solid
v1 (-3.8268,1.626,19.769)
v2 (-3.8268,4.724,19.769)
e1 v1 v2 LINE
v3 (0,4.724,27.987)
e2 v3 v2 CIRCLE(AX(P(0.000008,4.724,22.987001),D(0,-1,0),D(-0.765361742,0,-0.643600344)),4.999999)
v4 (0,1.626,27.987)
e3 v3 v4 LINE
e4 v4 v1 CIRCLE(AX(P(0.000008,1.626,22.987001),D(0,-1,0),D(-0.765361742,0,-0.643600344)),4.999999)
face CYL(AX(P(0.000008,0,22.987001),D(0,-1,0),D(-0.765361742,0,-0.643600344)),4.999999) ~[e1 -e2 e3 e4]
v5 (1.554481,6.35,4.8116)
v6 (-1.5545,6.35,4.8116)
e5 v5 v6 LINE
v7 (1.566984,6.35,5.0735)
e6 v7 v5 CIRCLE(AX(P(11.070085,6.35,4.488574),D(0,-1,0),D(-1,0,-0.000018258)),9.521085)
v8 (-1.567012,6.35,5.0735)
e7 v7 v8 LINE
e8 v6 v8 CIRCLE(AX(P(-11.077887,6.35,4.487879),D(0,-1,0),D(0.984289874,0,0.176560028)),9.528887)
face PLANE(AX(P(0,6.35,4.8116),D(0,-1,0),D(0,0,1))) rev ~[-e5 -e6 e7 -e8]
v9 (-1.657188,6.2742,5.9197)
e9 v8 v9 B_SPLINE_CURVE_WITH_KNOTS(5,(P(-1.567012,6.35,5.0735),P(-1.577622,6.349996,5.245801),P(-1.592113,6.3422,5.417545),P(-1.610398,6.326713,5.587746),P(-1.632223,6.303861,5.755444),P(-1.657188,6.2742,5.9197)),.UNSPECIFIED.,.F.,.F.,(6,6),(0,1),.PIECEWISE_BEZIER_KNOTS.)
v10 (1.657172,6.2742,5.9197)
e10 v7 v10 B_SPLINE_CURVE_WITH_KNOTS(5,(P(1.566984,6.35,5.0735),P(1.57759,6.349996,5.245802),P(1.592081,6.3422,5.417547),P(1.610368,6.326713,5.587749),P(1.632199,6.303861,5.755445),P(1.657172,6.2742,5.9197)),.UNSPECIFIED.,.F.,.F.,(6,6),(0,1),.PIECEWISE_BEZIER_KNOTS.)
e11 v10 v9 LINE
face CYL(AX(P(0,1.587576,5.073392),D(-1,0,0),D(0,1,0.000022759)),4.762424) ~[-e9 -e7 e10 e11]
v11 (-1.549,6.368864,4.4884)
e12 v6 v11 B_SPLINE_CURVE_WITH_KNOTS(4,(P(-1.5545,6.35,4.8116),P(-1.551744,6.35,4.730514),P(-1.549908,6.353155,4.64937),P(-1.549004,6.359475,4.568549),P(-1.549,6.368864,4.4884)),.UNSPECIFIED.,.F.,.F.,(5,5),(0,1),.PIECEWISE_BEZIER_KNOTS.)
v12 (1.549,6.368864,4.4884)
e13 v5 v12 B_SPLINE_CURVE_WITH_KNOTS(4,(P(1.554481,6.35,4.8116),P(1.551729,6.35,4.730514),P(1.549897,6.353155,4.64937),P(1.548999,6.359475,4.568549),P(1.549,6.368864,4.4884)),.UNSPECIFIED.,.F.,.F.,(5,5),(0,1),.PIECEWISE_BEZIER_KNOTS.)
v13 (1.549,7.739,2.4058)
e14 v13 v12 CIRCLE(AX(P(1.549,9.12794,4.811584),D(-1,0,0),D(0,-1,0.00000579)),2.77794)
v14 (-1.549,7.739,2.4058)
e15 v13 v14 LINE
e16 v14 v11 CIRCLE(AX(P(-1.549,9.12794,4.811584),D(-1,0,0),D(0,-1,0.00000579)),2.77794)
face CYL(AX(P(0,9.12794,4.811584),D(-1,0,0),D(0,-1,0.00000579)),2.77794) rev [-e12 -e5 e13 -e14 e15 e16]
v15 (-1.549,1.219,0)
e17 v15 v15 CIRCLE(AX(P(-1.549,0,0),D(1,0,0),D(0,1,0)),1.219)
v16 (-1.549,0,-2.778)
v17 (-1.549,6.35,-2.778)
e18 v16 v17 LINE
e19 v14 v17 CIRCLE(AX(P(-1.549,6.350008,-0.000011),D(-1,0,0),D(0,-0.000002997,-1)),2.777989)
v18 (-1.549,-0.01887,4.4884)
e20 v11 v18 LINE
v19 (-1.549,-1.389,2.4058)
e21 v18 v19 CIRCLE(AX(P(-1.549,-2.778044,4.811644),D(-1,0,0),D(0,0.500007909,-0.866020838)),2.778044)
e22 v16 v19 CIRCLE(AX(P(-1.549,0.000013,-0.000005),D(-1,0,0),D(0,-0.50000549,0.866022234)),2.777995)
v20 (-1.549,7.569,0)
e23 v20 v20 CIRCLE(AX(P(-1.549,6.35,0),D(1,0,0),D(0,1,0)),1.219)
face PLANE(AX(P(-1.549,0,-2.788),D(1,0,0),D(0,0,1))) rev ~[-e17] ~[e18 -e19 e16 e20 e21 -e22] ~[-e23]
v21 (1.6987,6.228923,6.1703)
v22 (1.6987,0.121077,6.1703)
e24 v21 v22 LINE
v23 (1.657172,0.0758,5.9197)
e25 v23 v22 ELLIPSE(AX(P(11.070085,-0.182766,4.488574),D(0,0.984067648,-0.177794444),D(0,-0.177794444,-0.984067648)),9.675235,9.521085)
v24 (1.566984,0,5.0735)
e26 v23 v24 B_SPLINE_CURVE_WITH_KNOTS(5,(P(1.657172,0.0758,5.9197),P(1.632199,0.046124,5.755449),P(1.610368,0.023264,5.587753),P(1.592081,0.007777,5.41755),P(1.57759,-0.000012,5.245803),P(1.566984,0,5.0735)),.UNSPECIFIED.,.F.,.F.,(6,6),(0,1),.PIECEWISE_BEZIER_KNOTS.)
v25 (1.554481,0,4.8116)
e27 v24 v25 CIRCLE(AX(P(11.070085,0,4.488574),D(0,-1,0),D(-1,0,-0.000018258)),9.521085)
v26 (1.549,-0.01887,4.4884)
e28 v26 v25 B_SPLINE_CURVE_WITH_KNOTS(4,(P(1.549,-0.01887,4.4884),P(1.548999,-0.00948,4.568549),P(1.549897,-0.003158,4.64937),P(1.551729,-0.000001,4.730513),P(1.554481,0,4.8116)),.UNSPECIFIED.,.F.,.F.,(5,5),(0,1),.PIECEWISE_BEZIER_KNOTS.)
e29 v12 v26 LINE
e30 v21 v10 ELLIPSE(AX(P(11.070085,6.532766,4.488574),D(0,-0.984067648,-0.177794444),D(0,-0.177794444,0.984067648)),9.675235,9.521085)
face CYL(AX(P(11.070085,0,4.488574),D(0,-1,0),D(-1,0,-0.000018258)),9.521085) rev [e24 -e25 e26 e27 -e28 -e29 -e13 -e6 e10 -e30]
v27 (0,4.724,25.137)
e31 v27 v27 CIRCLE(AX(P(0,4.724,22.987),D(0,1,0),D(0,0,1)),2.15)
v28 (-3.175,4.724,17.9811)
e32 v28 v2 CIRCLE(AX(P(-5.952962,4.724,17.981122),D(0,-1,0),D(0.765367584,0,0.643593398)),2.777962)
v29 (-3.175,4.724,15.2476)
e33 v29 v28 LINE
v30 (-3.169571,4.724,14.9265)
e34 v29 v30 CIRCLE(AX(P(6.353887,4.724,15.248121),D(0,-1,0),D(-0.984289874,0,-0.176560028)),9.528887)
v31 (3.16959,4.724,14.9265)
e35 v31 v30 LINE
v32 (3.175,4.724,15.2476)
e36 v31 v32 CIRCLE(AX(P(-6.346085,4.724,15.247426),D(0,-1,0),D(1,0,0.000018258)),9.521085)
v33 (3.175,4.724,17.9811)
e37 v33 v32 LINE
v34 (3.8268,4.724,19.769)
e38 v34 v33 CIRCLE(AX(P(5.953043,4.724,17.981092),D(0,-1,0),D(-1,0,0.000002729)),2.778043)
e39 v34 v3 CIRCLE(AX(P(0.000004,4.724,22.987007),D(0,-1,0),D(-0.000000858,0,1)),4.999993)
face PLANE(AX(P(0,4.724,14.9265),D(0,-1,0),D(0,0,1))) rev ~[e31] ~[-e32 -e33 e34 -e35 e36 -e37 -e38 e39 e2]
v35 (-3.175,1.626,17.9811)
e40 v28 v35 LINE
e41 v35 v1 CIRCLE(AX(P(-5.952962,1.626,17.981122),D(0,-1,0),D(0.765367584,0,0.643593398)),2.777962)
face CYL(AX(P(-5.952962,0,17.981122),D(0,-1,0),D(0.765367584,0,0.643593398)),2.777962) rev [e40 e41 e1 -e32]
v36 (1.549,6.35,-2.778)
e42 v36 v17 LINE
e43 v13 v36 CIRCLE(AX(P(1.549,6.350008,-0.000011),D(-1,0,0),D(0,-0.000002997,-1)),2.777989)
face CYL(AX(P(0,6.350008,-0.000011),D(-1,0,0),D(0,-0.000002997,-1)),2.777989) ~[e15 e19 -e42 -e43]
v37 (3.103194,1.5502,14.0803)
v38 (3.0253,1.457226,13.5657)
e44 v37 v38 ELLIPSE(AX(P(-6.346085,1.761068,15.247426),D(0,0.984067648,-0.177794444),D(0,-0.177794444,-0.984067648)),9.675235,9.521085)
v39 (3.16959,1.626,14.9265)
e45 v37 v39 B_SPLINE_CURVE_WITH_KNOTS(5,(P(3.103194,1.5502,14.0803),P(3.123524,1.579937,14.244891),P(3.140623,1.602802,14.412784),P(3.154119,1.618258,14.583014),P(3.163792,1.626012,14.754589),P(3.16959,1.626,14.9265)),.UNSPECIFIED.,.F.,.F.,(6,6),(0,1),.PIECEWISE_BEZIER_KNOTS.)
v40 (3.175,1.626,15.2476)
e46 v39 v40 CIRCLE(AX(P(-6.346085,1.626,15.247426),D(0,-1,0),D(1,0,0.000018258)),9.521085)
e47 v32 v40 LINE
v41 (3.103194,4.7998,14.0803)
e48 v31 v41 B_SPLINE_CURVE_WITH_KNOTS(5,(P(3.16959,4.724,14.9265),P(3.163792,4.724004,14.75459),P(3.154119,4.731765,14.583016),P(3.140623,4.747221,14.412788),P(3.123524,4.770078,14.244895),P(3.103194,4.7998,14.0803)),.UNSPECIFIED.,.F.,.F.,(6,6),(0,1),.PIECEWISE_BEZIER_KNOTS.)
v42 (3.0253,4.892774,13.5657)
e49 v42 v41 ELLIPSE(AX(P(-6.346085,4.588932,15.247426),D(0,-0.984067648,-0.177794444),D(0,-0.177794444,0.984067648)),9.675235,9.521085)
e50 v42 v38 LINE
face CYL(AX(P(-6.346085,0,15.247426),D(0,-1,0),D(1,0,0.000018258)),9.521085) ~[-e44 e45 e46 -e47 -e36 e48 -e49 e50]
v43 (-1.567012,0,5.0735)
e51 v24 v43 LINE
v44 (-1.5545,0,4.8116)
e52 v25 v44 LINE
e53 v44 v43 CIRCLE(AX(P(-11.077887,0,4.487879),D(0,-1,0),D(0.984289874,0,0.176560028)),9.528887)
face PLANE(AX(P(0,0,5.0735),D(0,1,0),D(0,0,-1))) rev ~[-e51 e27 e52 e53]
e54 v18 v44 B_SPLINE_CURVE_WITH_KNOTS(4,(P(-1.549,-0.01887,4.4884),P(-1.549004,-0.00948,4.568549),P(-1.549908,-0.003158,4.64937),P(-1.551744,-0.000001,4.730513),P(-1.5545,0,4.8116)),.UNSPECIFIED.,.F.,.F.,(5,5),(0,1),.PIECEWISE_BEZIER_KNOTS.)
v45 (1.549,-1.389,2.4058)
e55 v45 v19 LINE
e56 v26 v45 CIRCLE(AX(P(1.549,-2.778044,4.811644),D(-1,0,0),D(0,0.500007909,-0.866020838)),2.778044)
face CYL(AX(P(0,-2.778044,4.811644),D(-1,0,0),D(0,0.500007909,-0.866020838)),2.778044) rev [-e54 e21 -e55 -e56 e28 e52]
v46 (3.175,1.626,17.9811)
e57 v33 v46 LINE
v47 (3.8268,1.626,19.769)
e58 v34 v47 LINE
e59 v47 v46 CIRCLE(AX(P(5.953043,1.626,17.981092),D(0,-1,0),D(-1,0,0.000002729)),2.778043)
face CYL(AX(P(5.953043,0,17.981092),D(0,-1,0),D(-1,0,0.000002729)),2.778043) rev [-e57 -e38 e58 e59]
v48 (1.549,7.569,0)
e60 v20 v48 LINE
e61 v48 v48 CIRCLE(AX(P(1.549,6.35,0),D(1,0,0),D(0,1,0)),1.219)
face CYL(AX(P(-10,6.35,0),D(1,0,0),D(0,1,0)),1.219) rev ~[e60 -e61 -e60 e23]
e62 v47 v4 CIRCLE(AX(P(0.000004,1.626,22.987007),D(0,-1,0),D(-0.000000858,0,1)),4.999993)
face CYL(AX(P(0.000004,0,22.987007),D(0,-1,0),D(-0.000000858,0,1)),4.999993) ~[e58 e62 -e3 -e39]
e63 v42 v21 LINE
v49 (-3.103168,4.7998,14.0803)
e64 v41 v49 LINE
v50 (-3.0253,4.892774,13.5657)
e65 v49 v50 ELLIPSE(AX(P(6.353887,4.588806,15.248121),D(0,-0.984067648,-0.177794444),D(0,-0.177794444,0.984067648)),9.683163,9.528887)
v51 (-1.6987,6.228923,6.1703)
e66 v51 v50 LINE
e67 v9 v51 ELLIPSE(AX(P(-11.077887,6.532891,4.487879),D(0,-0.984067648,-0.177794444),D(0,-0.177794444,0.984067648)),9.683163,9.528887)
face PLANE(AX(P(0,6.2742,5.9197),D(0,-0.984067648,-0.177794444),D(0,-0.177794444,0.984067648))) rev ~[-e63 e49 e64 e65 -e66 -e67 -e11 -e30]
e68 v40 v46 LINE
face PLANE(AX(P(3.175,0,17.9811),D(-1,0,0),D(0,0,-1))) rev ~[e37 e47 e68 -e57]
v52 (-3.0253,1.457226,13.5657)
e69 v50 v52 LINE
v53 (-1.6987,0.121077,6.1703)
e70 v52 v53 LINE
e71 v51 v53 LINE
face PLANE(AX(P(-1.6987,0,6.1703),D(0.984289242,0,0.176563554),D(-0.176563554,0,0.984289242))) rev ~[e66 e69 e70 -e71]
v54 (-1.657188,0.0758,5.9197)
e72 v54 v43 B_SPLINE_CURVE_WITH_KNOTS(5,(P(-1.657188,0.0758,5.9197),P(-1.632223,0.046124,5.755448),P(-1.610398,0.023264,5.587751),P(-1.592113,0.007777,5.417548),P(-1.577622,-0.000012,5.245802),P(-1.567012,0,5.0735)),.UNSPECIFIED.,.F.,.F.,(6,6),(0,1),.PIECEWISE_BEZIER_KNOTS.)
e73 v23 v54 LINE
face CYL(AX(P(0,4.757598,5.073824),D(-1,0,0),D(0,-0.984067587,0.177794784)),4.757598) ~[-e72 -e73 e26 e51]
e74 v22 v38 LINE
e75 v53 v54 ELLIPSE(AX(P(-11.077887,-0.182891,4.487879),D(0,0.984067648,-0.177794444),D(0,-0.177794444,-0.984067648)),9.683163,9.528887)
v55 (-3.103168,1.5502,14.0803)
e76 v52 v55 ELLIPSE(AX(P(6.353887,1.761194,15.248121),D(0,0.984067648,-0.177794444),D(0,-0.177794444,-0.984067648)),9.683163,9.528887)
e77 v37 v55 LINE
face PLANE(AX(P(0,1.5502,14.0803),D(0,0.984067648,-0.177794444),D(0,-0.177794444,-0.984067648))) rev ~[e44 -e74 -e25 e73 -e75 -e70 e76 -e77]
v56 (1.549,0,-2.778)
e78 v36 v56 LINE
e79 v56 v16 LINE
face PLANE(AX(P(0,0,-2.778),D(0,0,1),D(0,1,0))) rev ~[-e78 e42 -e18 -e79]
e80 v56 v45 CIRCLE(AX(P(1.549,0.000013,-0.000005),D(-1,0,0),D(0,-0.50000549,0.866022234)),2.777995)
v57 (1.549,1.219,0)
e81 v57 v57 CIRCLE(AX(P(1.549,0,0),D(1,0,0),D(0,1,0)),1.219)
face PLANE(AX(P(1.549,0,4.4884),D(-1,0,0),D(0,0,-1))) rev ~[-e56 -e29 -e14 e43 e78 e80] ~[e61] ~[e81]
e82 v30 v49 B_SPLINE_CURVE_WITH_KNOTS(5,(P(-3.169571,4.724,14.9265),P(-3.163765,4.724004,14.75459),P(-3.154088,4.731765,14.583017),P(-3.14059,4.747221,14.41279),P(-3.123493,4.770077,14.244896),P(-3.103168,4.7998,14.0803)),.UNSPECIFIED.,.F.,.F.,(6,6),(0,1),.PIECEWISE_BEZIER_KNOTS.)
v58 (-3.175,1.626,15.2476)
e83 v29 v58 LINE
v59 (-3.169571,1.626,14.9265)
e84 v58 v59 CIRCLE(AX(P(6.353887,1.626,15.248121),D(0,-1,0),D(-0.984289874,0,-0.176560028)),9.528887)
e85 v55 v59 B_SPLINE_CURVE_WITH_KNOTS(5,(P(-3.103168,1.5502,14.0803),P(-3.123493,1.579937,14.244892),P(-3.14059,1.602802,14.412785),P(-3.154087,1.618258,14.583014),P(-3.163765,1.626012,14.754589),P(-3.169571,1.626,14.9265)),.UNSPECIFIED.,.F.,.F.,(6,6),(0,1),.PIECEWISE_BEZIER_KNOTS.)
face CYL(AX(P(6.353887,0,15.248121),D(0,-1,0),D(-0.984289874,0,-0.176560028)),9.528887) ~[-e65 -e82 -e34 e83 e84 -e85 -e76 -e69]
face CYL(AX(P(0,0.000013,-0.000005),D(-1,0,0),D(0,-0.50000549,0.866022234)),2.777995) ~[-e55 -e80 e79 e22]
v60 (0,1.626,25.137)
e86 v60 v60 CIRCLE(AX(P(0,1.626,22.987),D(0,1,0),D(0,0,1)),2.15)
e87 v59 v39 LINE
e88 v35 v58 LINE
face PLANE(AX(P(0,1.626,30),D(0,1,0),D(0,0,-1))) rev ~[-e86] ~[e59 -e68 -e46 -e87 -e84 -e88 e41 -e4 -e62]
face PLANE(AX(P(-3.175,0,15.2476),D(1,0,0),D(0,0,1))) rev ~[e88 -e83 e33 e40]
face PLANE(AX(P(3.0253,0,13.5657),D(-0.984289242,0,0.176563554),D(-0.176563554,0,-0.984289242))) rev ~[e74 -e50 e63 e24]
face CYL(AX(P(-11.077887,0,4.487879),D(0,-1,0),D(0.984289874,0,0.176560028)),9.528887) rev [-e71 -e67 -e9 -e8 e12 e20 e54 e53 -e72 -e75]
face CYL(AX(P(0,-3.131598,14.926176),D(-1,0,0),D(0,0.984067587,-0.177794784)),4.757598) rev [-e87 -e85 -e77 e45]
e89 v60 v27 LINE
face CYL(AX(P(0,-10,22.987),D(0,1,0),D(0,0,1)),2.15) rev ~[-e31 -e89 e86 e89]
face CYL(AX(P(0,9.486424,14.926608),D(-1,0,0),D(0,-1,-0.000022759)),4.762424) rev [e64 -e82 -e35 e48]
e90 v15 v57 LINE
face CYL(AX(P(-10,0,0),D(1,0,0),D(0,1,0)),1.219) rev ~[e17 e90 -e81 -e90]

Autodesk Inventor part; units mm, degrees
sketch "Skizze_1" plane through (0, 0, 0) normal (1, 0, 0) x (0, 1, 0)
  line L0 (4.724, 30) -> (1.626, 30)
  line L1 (1.626, 30) -> (1.626, 14.9265)
  arc A0 (1.5502, 14.0803) -> (1.626, 14.9265) centre (-3.134, 14.9265) ccw
  line L2 (1.5502, 14.0803) -> (0.0758, 5.9197)
  arc A1 (0.0758, 5.9197) -> (0, 5.0735) centre (4.76, 5.0735) ccw
  line L3 (0, 5.0735) -> (0, 4.8116)
  arc A2 (-1.389, 2.4058) -> (0, 4.8116) centre (-2.778, 4.8116) ccw
  arc A3 (-1.389, 2.4058) -> (0, -2.778) centre (0, 0) ccw
  line L4 (0, -2.778) -> (6.35, -2.778)
  arc A4 (6.35, -2.778) -> (7.739, 2.4058) centre (6.35, 0) ccw
  arc A5 (6.35, 4.8116) -> (7.739, 2.4058) centre (9.128, 4.8116) ccw
  line L5 (6.35, 4.8116) -> (6.35, 5.0735)
  arc A6 (6.35, 5.0735) -> (6.2742, 5.9197) centre (1.59, 5.0735) ccw
  line L6 (6.2742, 5.9197) -> (4.7998, 14.0803)
  arc A7 (4.724, 14.9265) -> (4.7998, 14.0803) centre (9.484, 14.9265) ccw
  line L7 (4.724, 14.9265) -> (4.724, 30)
extrude "Extrusion1" add sketch "Skizze_1" along normal mid plane 10
sketch "Skizze_2" plane through (0, 0, 0) normal (0, 1, 0) x (-1, 0, 0)
  line L0 (39, 78) -> (-69, 78)
  line L1 (-69, 78) -> (-69, -55)
  line L2 (-69, -55) -> (39, -55)
  line L3 (39, -55) -> (39, 78)
  arc A0 (3.8268, 19.769) -> (0, 27.987) centre (0, 22.987) ccw
  arc A1 (0, 27.987) -> (-3.8268, 19.769) centre (0, 22.987) ccw
  arc A2 (-3.175, 17.9811) -> (-3.8268, 19.769) centre (-5.953, 17.9811) ccw
  line L4 (-3.175, 17.9811) -> (-3.175, 15.2476)
  arc A3 (-3.175, 15.2476) -> (-3.0253, 13.5657) centre (6.35, 15.2476) ccw
  line L5 (-3.0253, 13.5657) -> (-1.6987, 6.1703)
  arc A4 (-1.549, 4.4884) -> (-1.6987, 6.1703) centre (-11.074, 4.4884) ccw
  line L6 (-1.549, 4.4884) -> (-1.549, -2.788)
  line L7 (-1.549, -2.788) -> (1.549, -2.788)
  line L8 (1.549, -2.788) -> (1.549, 4.4884)
  arc A5 (1.6987, 6.1703) -> (1.549, 4.4884) centre (11.074, 4.4884) ccw
  line L9 (1.6987, 6.1703) -> (3.0253, 13.5657)
  arc A6 (3.0253, 13.5657) -> (3.175, 15.2476) centre (-6.35, 15.2476) ccw
  line L10 (3.175, 15.2476) -> (3.175, 17.9811)
  arc A7 (3.8268, 19.769) -> (3.175, 17.9811) centre (5.953, 17.9811) ccw
extrude "Extrusion2" cut sketch "Skizze_2" along normal mid plane 40
sketch "Skizze_3" plane through (0, 0, 0) normal (1, 0, 0) x (0, 1, 0)
  line L0 (10, 22.987) -> (-10, 22.987)
  line L1 (-10, 22.987) -> (-10, 25.137)
  line L2 (-10, 25.137) -> (10, 25.137)
  line L3 (10, 25.137) -> (10, 22.987)
  line L4 (10, 22.987) -> (-10, 22.987)
revolve "Revolution1" cut sketch "Skizze_3" angle 360 about axis through (0, 10, 22.987) along (0, 1, 0)
sketch "Skizze_4" plane through (0, 0, 0) normal (0, 0, 1) x (1, 0, 0)
  line L0 (10, 0) -> (-10, 0)
  line L1 (-10, 0) -> (-10, 1.219)
  line L2 (-10, 1.219) -> (10, 1.219)
  line L3 (10, 1.219) -> (10, 0)
  line L4 (10, 0) -> (-10, 0)
revolve "Revolution2" cut sketch "Skizze_4" angle 360 about axis through (10, 0, 0) along (1, 0, 0)
sketch "Skizze_5" plane through (0, 0, 0) normal (0, 0, 1) x (1, 0, 0)
  line L0 (10, 6.35) -> (-10, 6.35)
  line L1 (-10, 6.35) -> (-10, 7.569)
  line L2 (-10, 7.569) -> (10, 7.569)
  line L3 (10, 7.569) -> (10, 6.35)
  line L4 (10, 6.35) -> (-10, 6.35)
revolve "Revolution3" cut sketch "Skizze_5" angle 360 about axis through (10, 6.35, 0) along (1, 0, 0)
ref_plane "SA1_XY" through (0, 0, 0) normal (1, 0, 0) x (0, 0, -1)
ref_plane "SA1_YZ" through (0, 0, 0) normal (0, 0, -1) x (0, 1, 0)
ref_plane "SA1_ZX" through (0, 0, 0) normal (0, 1, 0) x (1, 0, 0)
ref_plane "SA2_XY" through (0, 6.35, 0) normal (1, 0, 0) x (0, 0, -1)
ref_plane "SA2_YZ" through (0, 6.35, 0) normal (0, 0, -1) x (0, 1, 0)
ref_plane "SA2_ZX" through (0, 6.35, 0) normal (0, 1, 0) x (1, 0, 0)
ref_plane "SA3_XY" through (0, 3.175, 22.987) normal (0, 1, 0) x (1, 0, 0)
ref_plane "SA3_YZ" through (0, 3.175, 22.987) normal (1, 0, 0) x (0, 0, -1)
ref_plane "SA3_ZX" through (0, 3.175, 22.987) normal (0, 0, -1) x (0, 1, 0)
ref_plane "b_left_XY" through (0, 1.626, 27.987) normal (1, 0, 0) x (0, 0, -1)
ref_plane "b_left_YZ" through (0, 1.626, 27.987) normal (0, 0, -1) x (0, 1, 0)
ref_plane "b_left_ZX" through (0, 1.626, 27.987) normal (0, 1, 0) x (1, 0, 0)
ref_plane "r_top_XY" through (0, 9.128, 0) normal (1, 0, 0) x (0, 0, -1)
ref_plane "r_top_YZ" through (0, 9.128, 0) normal (0, 0, -1) x (0, 1, 0)
ref_plane "r_top_ZX" through (0, 9.128, 0) normal (0, 1, 0) x (1, 0, 0)
ref_plane "z_left_XY" through (0, 4.724, 27.987) normal (1, 0, 0) x (0, 0, -1)
ref_plane "z_left_YZ" through (0, 4.724, 27.987) normal (0, 0, -1) x (0, 1, 0)
ref_plane "z_left_ZX" through (0, 4.724, 27.987) normal (0, 1, 0) x (1, 0, 0)
properties part number "205-S-SA"
